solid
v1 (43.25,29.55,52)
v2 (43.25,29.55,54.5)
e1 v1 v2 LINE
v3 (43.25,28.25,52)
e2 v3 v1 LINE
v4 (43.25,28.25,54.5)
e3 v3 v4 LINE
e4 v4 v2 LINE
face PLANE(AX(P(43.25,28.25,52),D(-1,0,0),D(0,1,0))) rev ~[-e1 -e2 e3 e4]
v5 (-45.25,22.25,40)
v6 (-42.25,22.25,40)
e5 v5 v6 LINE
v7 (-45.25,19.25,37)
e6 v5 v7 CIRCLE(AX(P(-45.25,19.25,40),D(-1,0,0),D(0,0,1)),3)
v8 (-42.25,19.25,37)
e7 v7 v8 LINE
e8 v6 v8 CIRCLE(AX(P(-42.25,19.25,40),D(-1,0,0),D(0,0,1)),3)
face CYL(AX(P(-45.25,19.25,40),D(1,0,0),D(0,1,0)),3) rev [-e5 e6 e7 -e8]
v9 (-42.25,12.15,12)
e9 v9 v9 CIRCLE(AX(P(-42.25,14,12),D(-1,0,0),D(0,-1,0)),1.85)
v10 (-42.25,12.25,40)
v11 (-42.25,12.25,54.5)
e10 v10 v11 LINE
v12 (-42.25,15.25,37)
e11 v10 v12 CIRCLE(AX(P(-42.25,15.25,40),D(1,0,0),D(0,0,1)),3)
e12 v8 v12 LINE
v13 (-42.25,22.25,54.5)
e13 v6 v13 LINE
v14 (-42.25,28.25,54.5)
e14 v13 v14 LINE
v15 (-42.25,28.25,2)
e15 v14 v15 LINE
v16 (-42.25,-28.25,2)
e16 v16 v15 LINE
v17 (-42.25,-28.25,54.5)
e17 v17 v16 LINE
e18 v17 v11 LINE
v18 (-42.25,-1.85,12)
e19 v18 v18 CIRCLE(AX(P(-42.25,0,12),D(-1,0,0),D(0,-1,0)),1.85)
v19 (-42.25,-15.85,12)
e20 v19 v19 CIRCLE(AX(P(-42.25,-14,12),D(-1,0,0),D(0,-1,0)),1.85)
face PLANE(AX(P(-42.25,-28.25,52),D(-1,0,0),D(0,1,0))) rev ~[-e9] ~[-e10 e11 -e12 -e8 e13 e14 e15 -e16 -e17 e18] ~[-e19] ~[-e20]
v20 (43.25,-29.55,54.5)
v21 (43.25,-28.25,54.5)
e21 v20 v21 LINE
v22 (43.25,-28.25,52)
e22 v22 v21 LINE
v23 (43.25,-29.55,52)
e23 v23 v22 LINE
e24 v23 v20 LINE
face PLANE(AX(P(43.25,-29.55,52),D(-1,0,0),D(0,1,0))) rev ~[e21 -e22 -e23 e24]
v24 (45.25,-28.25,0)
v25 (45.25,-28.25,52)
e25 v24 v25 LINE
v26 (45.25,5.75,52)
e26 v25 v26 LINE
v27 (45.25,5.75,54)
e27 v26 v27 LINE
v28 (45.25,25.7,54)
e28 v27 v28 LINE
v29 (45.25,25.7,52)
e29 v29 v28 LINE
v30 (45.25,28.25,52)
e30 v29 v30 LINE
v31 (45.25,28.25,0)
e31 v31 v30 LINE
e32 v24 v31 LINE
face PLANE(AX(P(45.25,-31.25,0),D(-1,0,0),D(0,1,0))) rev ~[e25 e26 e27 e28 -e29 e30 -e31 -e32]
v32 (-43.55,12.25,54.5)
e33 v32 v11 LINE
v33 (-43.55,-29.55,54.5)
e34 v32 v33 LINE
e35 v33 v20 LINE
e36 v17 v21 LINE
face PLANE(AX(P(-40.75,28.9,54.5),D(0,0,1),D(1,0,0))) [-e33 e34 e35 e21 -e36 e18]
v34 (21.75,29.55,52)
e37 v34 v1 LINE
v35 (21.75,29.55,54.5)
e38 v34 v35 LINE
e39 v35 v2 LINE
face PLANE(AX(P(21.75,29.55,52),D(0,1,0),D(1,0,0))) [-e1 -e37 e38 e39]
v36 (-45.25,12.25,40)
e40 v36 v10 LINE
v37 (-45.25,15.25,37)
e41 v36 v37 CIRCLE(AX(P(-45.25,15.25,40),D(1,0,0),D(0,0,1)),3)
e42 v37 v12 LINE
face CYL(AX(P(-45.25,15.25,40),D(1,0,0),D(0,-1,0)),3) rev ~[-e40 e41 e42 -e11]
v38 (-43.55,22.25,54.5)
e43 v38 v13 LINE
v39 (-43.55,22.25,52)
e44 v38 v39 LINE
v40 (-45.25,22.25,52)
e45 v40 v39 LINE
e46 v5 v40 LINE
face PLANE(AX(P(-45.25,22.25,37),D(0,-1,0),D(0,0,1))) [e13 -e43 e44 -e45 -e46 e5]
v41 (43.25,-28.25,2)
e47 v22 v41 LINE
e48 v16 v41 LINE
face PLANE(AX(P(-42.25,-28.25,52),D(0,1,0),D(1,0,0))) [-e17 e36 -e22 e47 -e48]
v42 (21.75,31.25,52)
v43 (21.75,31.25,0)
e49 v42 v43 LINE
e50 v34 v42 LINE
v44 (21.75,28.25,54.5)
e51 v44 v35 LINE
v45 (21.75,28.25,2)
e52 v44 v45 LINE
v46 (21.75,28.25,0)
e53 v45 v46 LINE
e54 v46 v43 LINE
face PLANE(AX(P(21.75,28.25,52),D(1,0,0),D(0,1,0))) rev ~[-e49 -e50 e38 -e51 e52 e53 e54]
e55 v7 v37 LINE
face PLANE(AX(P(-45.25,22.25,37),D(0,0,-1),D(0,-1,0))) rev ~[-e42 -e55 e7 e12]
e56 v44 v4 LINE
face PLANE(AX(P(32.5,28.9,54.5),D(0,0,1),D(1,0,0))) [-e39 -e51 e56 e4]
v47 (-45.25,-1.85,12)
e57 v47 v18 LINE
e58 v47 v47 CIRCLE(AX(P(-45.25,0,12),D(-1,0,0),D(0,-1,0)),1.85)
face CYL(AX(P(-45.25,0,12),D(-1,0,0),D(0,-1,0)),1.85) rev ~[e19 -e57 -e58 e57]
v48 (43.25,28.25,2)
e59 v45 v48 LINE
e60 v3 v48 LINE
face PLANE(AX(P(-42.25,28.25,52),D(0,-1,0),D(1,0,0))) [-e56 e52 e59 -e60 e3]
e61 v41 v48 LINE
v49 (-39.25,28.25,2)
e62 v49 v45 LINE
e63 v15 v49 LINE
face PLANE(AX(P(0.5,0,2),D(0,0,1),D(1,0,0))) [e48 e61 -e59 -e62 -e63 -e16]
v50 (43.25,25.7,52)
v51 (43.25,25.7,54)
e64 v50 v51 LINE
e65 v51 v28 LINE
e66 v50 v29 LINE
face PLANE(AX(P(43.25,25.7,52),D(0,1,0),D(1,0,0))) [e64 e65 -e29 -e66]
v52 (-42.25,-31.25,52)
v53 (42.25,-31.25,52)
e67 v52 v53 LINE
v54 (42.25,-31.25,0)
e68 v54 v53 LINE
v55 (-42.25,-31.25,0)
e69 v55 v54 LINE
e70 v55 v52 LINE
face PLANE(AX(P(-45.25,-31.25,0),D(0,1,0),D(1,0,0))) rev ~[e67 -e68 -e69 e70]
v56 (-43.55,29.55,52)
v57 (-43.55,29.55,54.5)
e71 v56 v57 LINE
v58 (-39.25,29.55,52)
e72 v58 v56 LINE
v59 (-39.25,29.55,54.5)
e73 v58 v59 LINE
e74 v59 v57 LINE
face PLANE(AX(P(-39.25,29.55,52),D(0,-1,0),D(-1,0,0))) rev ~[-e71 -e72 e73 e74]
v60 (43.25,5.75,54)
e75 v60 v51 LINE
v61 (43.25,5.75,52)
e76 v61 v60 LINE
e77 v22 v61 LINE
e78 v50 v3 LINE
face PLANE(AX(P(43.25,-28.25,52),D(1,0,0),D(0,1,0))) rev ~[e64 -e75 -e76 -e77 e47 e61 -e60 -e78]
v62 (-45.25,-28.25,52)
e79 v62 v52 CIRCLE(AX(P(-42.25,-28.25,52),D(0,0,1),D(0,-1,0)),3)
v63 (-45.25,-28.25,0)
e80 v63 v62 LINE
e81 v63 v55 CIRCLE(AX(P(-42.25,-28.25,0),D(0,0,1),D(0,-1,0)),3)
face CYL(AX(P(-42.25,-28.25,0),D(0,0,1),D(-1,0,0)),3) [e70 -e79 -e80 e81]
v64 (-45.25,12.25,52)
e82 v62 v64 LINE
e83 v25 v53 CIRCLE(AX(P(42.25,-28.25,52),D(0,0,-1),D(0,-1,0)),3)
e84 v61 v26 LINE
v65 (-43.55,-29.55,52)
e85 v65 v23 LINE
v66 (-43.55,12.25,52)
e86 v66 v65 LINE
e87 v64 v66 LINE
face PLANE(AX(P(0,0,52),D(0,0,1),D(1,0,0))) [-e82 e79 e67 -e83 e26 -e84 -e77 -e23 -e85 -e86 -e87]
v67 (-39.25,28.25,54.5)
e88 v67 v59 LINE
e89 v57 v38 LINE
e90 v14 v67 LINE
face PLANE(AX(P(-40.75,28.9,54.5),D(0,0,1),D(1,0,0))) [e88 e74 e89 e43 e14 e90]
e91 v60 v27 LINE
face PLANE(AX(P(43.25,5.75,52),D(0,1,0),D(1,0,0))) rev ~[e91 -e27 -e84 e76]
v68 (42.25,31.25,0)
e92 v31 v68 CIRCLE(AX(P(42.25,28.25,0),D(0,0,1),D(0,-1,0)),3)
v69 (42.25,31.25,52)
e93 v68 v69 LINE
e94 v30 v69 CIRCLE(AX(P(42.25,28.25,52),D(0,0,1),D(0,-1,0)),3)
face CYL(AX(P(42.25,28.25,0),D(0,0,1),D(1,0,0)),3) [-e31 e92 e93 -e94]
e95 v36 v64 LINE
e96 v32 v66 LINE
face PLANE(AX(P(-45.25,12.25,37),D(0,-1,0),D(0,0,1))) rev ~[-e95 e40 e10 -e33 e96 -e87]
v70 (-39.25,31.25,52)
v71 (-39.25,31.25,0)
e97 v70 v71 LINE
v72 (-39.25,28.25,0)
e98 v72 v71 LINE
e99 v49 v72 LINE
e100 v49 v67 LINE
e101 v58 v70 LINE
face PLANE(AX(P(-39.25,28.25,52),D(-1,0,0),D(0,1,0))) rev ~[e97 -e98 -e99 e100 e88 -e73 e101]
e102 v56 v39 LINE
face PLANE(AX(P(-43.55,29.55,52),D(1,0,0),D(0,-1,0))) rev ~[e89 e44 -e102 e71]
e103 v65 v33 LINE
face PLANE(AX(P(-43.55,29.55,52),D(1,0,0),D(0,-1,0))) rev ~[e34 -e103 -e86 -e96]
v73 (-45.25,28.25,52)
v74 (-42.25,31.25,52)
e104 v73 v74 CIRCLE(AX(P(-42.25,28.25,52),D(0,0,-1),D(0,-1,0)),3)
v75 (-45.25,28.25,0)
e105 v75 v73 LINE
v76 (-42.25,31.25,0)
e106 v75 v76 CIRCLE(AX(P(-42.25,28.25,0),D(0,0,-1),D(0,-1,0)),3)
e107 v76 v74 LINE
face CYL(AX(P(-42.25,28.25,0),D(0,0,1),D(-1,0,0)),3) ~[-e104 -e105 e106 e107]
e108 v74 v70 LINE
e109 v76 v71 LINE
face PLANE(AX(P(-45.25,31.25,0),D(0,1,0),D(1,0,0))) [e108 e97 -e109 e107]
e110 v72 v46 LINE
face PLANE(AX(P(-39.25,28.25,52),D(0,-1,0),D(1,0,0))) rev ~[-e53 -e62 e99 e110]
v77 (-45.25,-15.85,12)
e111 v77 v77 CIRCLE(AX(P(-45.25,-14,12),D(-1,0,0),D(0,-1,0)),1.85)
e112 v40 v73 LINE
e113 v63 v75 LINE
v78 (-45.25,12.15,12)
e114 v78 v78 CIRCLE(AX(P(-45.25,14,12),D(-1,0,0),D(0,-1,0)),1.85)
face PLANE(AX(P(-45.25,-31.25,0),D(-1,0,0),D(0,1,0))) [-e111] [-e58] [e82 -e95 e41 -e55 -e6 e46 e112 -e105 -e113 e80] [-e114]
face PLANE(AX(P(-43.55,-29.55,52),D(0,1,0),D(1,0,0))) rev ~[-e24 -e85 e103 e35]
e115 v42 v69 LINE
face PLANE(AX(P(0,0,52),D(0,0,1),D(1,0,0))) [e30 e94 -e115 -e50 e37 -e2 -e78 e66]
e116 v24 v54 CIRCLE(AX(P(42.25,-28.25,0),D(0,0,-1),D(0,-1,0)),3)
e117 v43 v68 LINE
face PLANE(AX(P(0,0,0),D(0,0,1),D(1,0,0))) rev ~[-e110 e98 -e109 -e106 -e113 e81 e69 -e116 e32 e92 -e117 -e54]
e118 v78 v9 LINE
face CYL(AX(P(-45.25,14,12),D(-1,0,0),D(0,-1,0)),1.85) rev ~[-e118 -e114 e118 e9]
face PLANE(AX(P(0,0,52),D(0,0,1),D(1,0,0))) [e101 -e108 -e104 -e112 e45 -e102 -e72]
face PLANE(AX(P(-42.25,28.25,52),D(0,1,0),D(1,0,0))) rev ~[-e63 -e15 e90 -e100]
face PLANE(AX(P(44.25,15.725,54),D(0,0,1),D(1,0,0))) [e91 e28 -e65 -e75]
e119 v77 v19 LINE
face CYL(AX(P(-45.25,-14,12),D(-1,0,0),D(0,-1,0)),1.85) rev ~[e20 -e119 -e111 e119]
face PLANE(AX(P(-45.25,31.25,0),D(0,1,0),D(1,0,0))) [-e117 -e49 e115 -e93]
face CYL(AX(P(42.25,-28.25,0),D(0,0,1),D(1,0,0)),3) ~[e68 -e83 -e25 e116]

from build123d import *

# Parameters (mm, degrees)
SKETCH_W        = 90.5
SKETCH_H        = 62.5
PAD_DEPTH       = 52
SKETCH001_W     = 85.5
SKETCH001_H     = 56.5
POCKET_DEPTH    = 50
SKETCH002_W     = 61
SKETCH002_H     = 3
POCKET001_DEPTH = 52
SKETCH003_W     = 3
SKETCH003_H     = 1.3
SKETCH003_W_2   = 1.3
SKETCH003_H_2   = 57.8
SKETCH003_W_3   = 86.8
SKETCH003_W_4   = 21.5
PAD001_DEPTH    = 2.5
SKETCH004_W     = 2
SKETCH004_H     = 19.95
PAD002_DEPTH    = 2
PAD003_DEPTH    = 2
FILLET_R        = 3
SKETCH005_W     = 10
SKETCH005_H     = 18
POCKET002_DEPTH = 5
FILLET001_R     = 3
SKETCH006_R     = 1.85
POCKET003_DEPTH = 5


with BuildPart() as part:
    # Sketch → Pad (new body)
    with BuildSketch(Plane.XY):
        Rectangle(SKETCH_W, SKETCH_H)
    extrude(amount=PAD_DEPTH)

    # Sketch001 (on Face6 of Pad) → Pocket (cut)
    with BuildSketch(Plane.XY.offset(52)):
        with Locations((0.5, 0)):
            Rectangle(SKETCH001_W, SKETCH001_H)
    extrude(amount=-POCKET_DEPTH, mode=Mode.SUBTRACT)

    # Sketch002 (on Face5 of Pocket) → Pocket001 (cut)
    with BuildSketch(Plane.XY.offset(52)):
        with Locations((-8.75, 29.75)):
            Rectangle(SKETCH002_W, SKETCH002_H)
    extrude(amount=-POCKET001_DEPTH, mode=Mode.SUBTRACT)

    # Sketch003 (on Face4 of Pocket001) → Pad001 (join)
    with BuildSketch(Plane.XY.offset(52)):
        with Locations((-40.75, 28.9)):
            Rectangle(SKETCH003_W, SKETCH003_H)
        with Locations((-42.9, 0.65)):
            Rectangle(SKETCH003_W_2, SKETCH003_H_2)
        with Locations((-0.15, -28.9)):
            Rectangle(SKETCH003_W_3, SKETCH003_H)
        with Locations((32.5, 28.9)):
            Rectangle(SKETCH003_W_4, SKETCH003_H)
    extrude(amount=PAD001_DEPTH)

    # Sketch004 (on Face4 of Pad001) → Pad002 (join)
    with BuildSketch(Plane.XY.offset(52)):
        with Locations((44.25, 15.725)):
            Rectangle(SKETCH004_W, SKETCH004_H)
    extrude(amount=PAD002_DEPTH)

    # Sketch004 (on Face4 of Pad001) → Pad003 (join)
    with BuildSketch(Plane.XY.offset(52)):
        with Locations((44.25, 15.725)):
            Rectangle(SKETCH004_W, SKETCH004_H)
    extrude(amount=PAD003_DEPTH)

    # Fillet
    fillet_edges = [part.edges().sort_by_distance(p)[0] for p in [
        (45.25, 31.25, 26),
        (45.25, -31.25, 26),
        (-45.25, 31.25, 26),
        (-45.25, -31.25, 26),
    ]]
    fillet(fillet_edges, radius=FILLET_R)

    # Sketch005 (on Face6 of Fillet) → Pocket002 (cut)
    with BuildSketch(Plane(origin=(-45.25, 0, 0), x_dir=(0, -1, 0), z_dir=(-1, 0, 0))):
        with Locations((-17.25, 46)):
            Rectangle(SKETCH005_W, SKETCH005_H)
    extrude(amount=-POCKET002_DEPTH, mode=Mode.SUBTRACT)

    # Fillet001
    fillet001_edges = [part.edges().sort_by_distance(p)[0] for p in [
        (-43.75, 22.25, 37),
        (-43.75, 12.25, 37),
    ]]
    fillet(fillet001_edges, radius=FILLET001_R)

    # Sketch006 (on Face1 of Fillet001) → Pocket003 (cut)
    with BuildSketch(Plane(origin=(-45.25, 0, 0), x_dir=(0, -1, 0), z_dir=(-1, 0, 0))):
        with Locations((-14, 12)):
            Circle(SKETCH006_R)
        with Locations((0, 12)):
            Circle(SKETCH006_R)
        with Locations((14, 12)):
            Circle(SKETCH006_R)
    extrude(amount=-POCKET003_DEPTH, mode=Mode.SUBTRACT)


solid = part.part
